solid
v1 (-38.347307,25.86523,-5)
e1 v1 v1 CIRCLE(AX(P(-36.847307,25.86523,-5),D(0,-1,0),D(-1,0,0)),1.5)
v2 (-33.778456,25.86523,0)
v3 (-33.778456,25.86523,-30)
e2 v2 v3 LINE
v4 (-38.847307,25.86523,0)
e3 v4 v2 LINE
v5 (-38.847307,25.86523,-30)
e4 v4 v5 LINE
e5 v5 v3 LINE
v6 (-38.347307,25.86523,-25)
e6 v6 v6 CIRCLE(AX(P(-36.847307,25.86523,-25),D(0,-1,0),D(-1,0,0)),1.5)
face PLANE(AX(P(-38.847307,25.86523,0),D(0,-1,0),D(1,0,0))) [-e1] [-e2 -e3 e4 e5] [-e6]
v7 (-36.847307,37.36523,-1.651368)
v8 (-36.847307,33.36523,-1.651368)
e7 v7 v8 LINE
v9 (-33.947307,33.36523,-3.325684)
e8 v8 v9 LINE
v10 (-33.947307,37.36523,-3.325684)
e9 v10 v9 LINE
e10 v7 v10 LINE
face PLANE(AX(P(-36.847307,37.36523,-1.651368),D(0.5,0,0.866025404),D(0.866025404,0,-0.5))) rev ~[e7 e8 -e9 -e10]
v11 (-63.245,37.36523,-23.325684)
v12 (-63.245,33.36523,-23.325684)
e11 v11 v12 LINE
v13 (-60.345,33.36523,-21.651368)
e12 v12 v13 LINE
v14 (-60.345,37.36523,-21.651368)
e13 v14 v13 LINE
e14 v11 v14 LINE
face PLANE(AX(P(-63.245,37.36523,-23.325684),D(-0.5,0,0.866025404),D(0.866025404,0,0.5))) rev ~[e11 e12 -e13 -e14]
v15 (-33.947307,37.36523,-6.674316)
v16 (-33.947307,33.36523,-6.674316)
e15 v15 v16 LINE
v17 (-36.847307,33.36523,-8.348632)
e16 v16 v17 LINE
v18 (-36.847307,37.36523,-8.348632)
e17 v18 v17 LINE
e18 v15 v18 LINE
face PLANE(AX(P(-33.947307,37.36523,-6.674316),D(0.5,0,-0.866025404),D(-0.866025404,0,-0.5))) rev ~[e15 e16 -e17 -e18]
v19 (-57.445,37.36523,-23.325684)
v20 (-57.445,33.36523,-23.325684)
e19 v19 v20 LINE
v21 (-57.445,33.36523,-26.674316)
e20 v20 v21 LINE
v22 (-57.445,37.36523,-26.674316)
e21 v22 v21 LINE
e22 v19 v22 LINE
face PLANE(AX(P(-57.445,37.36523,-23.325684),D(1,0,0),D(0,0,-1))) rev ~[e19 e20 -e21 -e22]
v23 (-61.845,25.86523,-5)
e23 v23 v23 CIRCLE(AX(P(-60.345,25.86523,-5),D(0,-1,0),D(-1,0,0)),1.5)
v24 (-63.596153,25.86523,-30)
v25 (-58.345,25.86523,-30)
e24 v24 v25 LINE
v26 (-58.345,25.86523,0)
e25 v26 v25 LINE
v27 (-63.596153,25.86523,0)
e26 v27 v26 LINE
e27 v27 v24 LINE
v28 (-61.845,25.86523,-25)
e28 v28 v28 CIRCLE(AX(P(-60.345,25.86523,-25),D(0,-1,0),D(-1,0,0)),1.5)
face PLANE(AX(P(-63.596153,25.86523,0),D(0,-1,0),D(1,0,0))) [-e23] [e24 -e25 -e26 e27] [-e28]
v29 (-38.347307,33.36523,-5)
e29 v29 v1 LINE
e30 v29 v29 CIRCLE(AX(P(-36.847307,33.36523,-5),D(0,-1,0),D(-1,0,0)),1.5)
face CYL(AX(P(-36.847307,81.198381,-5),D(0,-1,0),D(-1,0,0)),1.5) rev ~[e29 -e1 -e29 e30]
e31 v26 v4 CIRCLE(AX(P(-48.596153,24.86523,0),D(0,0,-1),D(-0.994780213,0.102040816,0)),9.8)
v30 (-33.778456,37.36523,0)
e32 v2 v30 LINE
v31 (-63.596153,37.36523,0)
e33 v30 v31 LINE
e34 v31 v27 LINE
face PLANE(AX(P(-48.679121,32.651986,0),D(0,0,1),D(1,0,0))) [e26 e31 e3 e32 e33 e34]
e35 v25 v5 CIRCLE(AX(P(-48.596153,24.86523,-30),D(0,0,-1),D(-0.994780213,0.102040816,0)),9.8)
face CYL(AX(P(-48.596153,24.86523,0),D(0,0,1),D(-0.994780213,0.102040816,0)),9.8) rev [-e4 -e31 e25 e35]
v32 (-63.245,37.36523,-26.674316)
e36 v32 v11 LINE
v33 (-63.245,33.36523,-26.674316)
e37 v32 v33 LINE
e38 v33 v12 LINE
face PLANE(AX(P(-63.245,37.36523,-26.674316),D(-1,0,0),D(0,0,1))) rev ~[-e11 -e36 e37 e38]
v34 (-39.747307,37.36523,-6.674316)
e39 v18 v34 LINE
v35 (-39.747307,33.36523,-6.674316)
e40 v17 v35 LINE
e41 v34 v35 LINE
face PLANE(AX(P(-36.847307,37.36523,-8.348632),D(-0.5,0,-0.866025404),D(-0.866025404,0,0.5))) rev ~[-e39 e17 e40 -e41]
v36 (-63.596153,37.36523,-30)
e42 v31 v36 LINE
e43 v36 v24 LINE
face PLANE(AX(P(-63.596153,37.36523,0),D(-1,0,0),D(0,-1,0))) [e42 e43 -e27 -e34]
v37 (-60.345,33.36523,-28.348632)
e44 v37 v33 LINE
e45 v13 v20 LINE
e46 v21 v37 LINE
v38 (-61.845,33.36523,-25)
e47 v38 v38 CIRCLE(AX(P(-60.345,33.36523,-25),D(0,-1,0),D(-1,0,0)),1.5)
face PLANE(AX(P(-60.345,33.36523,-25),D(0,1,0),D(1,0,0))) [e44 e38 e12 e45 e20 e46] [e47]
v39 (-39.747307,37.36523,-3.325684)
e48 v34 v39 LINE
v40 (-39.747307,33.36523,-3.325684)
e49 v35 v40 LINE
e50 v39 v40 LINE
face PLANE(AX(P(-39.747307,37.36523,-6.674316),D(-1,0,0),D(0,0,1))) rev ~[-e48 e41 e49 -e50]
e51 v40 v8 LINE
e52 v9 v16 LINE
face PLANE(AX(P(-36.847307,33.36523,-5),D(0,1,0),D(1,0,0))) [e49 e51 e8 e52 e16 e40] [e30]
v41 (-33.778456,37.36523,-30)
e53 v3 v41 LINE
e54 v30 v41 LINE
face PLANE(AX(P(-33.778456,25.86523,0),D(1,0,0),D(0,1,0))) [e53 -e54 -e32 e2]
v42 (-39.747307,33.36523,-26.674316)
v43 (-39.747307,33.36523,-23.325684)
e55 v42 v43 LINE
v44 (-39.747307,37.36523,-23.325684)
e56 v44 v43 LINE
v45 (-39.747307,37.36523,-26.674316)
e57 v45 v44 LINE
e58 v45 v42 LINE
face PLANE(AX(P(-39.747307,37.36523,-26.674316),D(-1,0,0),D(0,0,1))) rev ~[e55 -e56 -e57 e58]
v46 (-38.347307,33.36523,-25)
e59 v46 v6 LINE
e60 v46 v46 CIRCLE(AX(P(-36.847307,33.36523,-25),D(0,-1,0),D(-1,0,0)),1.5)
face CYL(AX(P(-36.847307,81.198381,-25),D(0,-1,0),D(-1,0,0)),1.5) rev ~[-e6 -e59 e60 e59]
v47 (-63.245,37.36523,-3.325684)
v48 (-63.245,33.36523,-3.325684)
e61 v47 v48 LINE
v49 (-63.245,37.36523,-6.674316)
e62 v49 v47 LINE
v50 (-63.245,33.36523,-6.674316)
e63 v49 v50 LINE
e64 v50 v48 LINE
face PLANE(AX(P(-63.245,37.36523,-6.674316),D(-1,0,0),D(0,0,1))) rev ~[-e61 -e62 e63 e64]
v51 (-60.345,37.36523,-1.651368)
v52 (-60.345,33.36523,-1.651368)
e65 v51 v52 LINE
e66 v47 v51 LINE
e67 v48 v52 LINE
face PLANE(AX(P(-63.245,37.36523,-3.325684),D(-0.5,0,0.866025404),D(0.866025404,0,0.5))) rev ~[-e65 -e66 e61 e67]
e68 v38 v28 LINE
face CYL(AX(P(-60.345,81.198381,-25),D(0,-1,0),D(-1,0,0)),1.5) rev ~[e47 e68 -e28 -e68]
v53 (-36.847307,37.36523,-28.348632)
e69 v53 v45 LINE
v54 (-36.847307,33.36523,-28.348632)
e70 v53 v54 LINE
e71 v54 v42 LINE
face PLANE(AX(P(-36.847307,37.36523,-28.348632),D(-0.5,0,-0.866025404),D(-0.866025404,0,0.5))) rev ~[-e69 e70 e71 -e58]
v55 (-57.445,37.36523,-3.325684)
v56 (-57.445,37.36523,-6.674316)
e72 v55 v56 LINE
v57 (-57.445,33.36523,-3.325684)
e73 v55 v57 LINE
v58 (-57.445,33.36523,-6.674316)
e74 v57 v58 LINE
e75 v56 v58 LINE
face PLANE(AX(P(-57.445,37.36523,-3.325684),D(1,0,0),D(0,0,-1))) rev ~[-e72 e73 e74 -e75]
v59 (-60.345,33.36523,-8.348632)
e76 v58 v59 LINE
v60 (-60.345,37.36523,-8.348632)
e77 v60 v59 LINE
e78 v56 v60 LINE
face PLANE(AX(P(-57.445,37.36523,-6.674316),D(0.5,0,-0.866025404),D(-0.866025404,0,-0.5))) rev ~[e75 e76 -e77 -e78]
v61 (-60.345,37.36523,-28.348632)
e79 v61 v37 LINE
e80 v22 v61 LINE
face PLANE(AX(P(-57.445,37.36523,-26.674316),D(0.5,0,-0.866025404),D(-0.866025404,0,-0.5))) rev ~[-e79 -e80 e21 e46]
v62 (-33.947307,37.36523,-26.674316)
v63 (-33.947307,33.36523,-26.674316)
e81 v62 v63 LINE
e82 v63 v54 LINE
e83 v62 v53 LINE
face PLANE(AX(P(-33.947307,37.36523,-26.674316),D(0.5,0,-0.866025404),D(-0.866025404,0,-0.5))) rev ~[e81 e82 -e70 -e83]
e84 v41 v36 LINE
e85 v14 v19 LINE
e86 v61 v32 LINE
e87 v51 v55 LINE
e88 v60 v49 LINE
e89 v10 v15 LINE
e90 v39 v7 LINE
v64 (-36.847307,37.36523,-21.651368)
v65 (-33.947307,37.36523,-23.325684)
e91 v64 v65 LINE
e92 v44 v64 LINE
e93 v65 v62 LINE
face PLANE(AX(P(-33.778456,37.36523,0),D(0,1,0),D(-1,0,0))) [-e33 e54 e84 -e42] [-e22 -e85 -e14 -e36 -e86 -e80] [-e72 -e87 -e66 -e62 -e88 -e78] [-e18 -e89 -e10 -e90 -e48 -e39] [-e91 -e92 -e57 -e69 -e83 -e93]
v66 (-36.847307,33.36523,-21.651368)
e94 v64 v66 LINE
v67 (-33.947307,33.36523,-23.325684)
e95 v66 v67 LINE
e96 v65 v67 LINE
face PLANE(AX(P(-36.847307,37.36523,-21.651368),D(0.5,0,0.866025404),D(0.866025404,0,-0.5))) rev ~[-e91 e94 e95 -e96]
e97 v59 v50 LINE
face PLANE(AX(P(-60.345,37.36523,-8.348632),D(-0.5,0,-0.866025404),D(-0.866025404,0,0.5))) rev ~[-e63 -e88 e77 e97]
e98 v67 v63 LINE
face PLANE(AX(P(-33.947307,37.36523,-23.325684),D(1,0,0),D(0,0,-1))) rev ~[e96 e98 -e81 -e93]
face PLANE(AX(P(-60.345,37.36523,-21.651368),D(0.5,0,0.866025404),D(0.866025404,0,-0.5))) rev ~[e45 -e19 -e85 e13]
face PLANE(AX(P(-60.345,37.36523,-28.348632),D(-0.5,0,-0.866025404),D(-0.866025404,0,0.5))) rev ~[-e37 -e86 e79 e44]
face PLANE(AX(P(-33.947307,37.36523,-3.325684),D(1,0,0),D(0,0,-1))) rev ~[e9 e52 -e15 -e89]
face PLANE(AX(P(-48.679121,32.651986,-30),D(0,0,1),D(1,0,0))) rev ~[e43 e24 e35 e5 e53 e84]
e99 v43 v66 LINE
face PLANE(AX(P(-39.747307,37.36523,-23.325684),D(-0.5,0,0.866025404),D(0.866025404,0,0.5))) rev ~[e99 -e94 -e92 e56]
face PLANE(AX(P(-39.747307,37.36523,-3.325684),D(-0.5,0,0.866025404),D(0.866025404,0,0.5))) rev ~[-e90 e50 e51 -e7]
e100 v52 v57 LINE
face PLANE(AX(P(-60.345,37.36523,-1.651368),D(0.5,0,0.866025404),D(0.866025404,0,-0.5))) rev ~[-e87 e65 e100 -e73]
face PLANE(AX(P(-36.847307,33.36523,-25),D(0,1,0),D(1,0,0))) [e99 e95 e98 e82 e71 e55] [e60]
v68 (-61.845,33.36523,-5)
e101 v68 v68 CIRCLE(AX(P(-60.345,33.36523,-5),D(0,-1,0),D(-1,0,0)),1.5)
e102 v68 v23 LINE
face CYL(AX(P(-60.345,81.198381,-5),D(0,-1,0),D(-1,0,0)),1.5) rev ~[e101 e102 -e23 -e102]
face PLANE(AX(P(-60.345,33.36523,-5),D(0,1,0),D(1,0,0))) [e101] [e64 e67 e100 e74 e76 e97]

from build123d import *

# Parameters (mm, degrees)
AUFSATZ_LINEAR_AUSTRAGEN1_DEPTH = 30
F_3_0_3_DURCHMESSER_BOHRUNG1_D  = 3
SCHNITT_LINEAR_AUSTRAGEN1_DEPTH = 4


with BuildPart() as part:
    # Skizze1 → Aufsatz-Linear austragen1 (new body)
    with BuildSketch(Plane.XY):
        with BuildLine():
            Line((-63.596153483, 25.865230167), (-58.344999569, 25.865230167))
            ThreePointArc((-58.344999569, 25.865230167), (-48.596153483, 34.665230167), (-38.847307398, 25.865230167))
            Line((-38.847307398, 25.865230167), (-34.847307398, 25.865230167))
            Line((-34.847307398, 25.865230167), (-34.176711032, 25.865230167))
            Line((-34.176711032, 25.865230167), (-33.778455993, 25.865230167))
            Line((-33.778455993, 25.865230167), (-33.778455993, 37.365230166))
            Line((-33.778455993, 37.365230166), (-34.847307398, 37.365230166))
            Line((-34.847307398, 37.365230166), (-48.596153483, 37.365230166))
            Line((-48.596153483, 37.365230166), (-63.596153483, 37.365230166))
            Line((-63.596153483, 37.365230166), (-63.596153483, 25.865230167))
        make_face()
    extrude(amount=-AUFSATZ_LINEAR_AUSTRAGEN1_DEPTH)

    # Ø3.0 (3) Durchmesser Bohrung1 (through all)
    with Locations(Plane(origin=(0, 37.365230166, 0), x_dir=(1, 0, 0), z_dir=(0, 1, 0))):
        with Locations((-36.847307398, 5), (-60.344999569, 5), (-60.344999569, 25), (-36.847307398, 25)):
            Hole(F_3_0_3_DURCHMESSER_BOHRUNG1_D / 2)

    # Skizze4 → Schnitt-Linear austragen1 (cut)
    with BuildSketch(Plane(origin=(0, 37.365230166, 0), x_dir=(1, 0, 0), z_dir=(0, 1, 0))):
        Polygon((-39.747307398, 26.674315781), (-39.747307398, 23.325684219), (-36.847307398, 21.651368439), (-33.947307398, 23.325684219), (-33.947307398, 26.674315781), (-36.847307398, 28.348631561), align=None)
        Polygon((-60.344999569, 28.348631561), (-63.244999569, 26.674315781), (-63.244999569, 23.325684219), (-60.344999569, 21.651368439), (-57.444999569, 23.325684219), (-57.444999569, 26.674315781), align=None)
        Polygon((-63.244999569, 6.674315781), (-63.244999569, 3.325684219), (-60.344999569, 1.651368439), (-57.444999569, 3.325684219), (-57.444999569, 6.674315781), (-60.344999569, 8.348631561), align=None)
        Polygon((-36.847307398, 8.348631561), (-39.747307398, 6.674315781), (-39.747307398, 3.325684219), (-36.847307398, 1.651368439), (-33.947307398, 3.325684219), (-33.947307398, 6.674315781), align=None)
    extrude(amount=-SCHNITT_LINEAR_AUSTRAGEN1_DEPTH, mode=Mode.SUBTRACT)


solid = part.part
